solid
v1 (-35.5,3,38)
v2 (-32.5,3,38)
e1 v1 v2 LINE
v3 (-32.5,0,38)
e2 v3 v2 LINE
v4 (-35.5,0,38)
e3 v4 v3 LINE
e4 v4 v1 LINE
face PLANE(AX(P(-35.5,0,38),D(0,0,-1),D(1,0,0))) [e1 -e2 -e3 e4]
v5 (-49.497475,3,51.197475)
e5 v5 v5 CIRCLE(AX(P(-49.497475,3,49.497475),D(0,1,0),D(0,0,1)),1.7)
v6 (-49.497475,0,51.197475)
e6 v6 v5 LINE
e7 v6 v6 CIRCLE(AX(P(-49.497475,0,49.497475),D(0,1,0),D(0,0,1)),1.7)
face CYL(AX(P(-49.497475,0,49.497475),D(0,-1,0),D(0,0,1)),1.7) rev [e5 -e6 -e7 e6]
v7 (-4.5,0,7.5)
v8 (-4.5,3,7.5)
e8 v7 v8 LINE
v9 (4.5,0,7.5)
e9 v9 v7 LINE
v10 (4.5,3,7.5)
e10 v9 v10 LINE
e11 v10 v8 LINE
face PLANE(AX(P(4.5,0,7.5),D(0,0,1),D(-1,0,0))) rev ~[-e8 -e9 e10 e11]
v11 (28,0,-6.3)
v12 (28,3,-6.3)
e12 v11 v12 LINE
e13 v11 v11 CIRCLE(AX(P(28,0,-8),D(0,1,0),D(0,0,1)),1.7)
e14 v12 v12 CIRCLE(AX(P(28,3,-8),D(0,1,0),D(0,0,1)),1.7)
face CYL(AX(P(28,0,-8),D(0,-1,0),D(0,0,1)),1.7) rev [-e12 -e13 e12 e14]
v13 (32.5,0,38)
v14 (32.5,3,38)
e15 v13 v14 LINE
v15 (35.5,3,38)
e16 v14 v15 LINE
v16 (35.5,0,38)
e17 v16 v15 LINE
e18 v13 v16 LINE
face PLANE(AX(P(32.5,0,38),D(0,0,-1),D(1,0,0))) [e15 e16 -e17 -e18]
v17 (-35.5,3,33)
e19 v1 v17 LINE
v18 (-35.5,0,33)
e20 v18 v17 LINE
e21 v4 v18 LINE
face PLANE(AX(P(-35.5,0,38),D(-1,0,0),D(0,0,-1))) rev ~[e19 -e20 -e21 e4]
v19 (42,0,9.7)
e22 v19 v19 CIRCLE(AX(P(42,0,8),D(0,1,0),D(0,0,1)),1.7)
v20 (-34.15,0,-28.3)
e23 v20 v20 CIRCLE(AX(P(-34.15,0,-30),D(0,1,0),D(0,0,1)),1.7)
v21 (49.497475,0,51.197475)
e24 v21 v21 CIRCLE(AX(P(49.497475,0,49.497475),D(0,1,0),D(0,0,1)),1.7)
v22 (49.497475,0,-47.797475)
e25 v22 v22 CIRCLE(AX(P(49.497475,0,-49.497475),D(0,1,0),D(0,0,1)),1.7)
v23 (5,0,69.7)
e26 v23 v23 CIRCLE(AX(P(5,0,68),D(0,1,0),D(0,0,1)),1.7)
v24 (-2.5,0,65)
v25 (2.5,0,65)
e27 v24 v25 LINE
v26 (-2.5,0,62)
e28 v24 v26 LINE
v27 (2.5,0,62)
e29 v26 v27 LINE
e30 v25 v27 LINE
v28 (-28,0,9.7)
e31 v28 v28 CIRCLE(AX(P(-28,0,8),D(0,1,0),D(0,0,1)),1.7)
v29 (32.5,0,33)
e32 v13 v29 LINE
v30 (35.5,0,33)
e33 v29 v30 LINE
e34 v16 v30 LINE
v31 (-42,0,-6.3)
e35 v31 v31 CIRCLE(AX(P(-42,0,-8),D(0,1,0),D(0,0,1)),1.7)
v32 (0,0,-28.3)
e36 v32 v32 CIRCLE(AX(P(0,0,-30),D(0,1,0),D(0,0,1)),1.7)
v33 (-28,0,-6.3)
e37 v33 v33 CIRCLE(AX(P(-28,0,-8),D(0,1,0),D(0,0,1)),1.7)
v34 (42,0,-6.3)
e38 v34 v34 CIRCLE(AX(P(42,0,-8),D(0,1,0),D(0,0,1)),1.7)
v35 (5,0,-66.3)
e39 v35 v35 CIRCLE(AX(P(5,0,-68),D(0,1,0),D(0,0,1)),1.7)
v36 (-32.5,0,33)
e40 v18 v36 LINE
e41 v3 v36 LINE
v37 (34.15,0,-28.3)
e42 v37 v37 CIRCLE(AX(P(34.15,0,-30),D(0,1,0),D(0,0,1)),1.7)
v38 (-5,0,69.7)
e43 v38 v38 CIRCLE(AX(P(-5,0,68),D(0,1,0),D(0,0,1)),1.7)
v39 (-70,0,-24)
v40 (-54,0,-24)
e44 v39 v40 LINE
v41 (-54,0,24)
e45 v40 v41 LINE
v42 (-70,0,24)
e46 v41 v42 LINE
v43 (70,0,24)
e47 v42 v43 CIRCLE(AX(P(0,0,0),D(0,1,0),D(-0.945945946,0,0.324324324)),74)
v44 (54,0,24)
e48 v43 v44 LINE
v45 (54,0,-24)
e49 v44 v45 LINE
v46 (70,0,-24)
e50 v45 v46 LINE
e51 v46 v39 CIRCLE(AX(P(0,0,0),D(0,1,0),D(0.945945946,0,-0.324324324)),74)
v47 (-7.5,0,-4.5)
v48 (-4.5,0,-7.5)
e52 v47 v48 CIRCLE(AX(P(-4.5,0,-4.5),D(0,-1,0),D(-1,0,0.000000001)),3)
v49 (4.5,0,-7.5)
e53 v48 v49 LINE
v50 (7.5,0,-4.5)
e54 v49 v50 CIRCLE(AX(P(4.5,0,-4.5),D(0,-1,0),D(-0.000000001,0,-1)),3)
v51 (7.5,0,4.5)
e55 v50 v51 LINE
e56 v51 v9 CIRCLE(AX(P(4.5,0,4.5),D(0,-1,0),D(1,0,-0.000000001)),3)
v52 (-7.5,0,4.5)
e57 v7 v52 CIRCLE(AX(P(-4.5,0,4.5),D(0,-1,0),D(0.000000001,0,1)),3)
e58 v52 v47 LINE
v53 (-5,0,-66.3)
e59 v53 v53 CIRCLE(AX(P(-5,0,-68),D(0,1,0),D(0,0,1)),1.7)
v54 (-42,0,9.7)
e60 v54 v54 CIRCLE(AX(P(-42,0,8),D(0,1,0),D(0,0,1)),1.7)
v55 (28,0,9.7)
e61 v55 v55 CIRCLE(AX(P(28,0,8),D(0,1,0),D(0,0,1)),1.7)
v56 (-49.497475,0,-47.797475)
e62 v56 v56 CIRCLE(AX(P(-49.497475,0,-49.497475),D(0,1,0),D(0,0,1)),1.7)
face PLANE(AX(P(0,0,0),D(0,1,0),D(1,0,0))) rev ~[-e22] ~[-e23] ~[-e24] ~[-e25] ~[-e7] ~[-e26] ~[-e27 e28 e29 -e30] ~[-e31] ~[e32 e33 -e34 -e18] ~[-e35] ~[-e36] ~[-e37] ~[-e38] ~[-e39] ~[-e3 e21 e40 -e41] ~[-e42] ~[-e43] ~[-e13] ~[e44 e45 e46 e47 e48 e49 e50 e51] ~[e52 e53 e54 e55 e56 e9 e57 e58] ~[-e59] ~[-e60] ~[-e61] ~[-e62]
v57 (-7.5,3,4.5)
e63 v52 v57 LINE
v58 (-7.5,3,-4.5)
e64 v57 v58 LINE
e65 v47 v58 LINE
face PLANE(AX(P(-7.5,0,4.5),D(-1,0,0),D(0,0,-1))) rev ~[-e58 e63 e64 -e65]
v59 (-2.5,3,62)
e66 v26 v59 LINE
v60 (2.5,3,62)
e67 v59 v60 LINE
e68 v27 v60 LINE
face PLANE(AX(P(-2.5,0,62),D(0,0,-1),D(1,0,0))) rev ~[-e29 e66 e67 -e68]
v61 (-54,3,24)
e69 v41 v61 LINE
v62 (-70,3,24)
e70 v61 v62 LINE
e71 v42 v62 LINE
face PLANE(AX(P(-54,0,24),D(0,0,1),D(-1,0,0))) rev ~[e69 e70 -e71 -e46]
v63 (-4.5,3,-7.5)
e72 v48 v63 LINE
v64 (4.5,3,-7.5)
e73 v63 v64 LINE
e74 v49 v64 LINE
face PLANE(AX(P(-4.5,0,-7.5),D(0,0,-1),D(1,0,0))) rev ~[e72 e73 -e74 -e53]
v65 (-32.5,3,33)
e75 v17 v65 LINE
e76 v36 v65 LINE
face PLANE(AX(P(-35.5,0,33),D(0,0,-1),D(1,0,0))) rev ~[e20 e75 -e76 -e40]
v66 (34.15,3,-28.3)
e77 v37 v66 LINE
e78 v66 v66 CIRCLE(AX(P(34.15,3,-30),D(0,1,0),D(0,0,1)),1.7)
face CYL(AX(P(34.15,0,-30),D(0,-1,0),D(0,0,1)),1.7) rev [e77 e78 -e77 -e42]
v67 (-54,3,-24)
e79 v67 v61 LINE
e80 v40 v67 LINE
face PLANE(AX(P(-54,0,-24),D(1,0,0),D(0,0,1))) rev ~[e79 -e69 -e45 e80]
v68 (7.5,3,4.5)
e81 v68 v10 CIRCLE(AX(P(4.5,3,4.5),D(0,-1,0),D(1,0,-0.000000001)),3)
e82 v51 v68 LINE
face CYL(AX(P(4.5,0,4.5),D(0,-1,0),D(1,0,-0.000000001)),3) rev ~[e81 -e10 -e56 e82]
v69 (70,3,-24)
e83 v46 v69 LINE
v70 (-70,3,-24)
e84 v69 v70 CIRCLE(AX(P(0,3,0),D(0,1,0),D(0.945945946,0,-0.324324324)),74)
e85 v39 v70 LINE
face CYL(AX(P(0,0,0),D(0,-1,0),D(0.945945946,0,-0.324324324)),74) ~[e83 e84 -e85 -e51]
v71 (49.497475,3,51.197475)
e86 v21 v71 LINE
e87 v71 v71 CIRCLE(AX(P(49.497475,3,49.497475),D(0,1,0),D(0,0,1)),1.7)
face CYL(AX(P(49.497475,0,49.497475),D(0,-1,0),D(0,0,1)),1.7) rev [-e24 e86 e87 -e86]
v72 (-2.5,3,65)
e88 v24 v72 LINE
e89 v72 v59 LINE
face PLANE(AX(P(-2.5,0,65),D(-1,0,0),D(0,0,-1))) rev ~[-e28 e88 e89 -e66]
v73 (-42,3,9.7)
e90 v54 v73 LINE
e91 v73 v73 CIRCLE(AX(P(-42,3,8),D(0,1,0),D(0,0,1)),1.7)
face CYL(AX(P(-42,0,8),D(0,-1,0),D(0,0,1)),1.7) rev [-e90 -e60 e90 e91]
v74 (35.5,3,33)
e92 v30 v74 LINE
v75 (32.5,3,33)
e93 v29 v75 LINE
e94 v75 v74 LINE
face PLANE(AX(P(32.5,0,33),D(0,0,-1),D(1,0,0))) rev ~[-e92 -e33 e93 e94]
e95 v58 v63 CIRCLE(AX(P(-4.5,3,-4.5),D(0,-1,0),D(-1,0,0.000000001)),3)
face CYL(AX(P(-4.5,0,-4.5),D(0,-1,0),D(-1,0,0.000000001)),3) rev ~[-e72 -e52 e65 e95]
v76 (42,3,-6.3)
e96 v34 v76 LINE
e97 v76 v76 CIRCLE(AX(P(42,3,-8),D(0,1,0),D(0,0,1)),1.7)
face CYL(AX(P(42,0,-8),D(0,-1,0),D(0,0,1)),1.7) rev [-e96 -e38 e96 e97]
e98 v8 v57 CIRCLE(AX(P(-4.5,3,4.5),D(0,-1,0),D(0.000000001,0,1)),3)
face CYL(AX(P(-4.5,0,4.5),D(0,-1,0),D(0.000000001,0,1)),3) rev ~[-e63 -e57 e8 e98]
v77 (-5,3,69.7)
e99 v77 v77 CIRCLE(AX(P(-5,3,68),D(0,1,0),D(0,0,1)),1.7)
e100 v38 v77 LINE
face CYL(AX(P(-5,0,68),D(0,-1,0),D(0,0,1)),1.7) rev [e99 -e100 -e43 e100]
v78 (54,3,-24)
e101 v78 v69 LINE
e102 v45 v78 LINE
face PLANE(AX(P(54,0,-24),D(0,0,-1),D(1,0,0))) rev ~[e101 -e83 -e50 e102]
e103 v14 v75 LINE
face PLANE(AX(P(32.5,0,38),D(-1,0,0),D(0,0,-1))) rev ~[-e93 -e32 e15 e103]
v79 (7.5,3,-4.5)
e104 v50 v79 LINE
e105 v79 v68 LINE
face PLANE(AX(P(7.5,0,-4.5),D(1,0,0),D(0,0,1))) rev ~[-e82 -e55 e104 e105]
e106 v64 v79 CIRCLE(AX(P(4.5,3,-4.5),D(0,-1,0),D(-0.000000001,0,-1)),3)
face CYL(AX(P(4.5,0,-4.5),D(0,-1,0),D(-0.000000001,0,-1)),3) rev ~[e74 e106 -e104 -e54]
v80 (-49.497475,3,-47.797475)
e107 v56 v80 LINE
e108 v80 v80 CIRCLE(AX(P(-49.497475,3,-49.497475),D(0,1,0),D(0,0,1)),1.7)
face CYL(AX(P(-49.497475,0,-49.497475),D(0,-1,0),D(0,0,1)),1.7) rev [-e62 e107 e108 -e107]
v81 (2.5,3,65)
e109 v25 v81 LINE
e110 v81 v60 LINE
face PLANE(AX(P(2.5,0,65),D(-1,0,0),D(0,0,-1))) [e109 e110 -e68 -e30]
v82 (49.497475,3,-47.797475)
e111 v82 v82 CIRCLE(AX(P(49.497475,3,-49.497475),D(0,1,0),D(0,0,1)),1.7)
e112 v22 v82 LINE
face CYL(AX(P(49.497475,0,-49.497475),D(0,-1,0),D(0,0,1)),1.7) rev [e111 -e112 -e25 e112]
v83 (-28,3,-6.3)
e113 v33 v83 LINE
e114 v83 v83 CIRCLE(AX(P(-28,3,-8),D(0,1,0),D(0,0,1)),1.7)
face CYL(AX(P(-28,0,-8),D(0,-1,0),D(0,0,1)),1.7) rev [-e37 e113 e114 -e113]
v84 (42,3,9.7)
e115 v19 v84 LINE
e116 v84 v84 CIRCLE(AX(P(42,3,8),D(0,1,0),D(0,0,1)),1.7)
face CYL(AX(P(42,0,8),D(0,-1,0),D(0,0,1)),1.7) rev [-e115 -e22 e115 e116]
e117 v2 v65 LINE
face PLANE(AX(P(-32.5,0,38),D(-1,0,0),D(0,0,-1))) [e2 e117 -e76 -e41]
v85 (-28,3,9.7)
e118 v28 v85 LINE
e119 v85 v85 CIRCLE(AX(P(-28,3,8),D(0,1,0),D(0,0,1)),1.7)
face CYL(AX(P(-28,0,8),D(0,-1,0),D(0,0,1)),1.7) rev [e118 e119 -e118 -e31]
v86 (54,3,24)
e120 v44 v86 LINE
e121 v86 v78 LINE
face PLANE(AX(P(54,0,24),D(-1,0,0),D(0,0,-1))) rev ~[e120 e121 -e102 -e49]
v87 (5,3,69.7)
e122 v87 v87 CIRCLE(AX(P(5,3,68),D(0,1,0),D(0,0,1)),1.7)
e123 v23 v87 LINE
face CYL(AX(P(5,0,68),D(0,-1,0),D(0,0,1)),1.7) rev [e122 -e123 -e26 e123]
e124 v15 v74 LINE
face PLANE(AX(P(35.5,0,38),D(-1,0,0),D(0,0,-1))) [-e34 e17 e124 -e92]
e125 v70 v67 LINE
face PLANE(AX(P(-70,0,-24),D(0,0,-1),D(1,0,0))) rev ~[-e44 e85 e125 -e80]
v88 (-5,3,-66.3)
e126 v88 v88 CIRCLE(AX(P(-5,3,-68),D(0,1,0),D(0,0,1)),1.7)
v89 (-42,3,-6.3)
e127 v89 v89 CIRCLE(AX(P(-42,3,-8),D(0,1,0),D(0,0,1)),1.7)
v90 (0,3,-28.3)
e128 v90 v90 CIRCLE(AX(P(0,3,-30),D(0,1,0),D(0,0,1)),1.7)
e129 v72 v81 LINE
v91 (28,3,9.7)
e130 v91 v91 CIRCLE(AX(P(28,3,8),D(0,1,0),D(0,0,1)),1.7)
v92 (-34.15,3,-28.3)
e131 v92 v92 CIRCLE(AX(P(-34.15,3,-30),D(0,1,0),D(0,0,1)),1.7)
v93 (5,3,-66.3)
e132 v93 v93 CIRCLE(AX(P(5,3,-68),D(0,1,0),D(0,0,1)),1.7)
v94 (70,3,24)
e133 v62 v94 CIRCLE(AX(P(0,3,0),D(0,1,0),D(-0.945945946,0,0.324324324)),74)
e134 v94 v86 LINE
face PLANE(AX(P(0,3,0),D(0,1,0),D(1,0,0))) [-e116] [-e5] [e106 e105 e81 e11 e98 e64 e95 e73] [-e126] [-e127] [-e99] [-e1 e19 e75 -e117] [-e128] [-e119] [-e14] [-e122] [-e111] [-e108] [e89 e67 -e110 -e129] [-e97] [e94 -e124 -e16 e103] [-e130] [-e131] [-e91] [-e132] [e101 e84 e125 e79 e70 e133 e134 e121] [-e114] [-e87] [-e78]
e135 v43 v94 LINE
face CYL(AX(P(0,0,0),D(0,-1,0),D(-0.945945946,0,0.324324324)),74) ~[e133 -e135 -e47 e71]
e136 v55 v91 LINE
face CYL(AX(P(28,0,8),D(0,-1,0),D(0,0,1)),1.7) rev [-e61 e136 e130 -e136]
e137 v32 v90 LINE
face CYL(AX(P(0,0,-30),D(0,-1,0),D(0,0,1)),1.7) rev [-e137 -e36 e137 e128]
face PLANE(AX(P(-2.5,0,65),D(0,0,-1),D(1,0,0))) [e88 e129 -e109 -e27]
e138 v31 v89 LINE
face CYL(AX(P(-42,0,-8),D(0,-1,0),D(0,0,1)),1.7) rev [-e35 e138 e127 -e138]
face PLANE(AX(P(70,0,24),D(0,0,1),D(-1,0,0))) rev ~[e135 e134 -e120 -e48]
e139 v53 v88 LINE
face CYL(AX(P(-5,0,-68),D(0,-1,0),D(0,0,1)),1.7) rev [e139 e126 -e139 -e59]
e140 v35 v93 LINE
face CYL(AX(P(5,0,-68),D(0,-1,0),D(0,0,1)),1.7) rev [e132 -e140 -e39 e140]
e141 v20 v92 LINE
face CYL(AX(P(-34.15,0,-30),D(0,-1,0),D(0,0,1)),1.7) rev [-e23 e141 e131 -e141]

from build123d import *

# Parameters (mm, degrees)
SKETCH_1_R      = 1.7
SKETCH_1_W      = 3
SKETCH_1_H      = 5
SKETCH_1_W_2    = 5
SKETCH_1_H_2    = 3
EXTRUDE_1_DEPTH = 3


with BuildPart() as part:
    # 草图1 → 凸台-拉伸1 (new body)
    with BuildSketch(Plane(origin=(0, 0, 0), x_dir=(1, 0, 0), z_dir=(0, 1, 0))):
        with BuildLine():
            Line((54, 24), (70, 24))
            ThreePointArc((70, 24), (0, 74), (-70, 24))
            Line((-70, 24), (-54, 24))
            Line((-54, 24), (-54, -24))
            Line((-54, -24), (-70, -24))
            ThreePointArc((-70, -24), (0, -74), (70, -24))
            Line((70, -24), (54, -24))
            Line((54, -24), (54, 24))
        make_face()
        with Locations(Location((-49.497474683, -49.497474683, 0), (0, 0, 270))):
            Circle(SKETCH_1_R, mode=Mode.SUBTRACT)
        with Locations(Location((-5, -68, 0), (0, 0, 270))):
            Circle(SKETCH_1_R, mode=Mode.SUBTRACT)
        with Locations(Location((-42, -8, 0), (0, 0, 270))):
            Circle(SKETCH_1_R, mode=Mode.SUBTRACT)
        with Locations((-34, -35.5)):
            Rectangle(SKETCH_1_W, SKETCH_1_H, mode=Mode.SUBTRACT)
        with Locations(Location((-28, -8, 0), (0, 0, 270))):
            Circle(SKETCH_1_R, mode=Mode.SUBTRACT)
        with Locations(Location((5, -68, 0), (0, 0, 270))):
            Circle(SKETCH_1_R, mode=Mode.SUBTRACT)
        with Locations((0, -63.5)):
            Rectangle(SKETCH_1_W_2, SKETCH_1_H_2, mode=Mode.SUBTRACT)
        with Locations(Location((49.497474683, -49.497474683, 0), (0, 0, 270))):
            Circle(SKETCH_1_R, mode=Mode.SUBTRACT)
        with Locations((34, -35.5)):
            Rectangle(SKETCH_1_W, SKETCH_1_H, mode=Mode.SUBTRACT)
        with Locations(Location((28, -8, 0), (0, 0, 270))):
            Circle(SKETCH_1_R, mode=Mode.SUBTRACT)
        with Locations(Location((42, -8, 0), (0, 0, 270))):
            Circle(SKETCH_1_R, mode=Mode.SUBTRACT)
        with Locations(Location((-42, 8, 0), (0, 0, 270))):
            Circle(SKETCH_1_R, mode=Mode.SUBTRACT)
        with Locations(Location((-28, 8, 0), (0, 0, 270))):
            Circle(SKETCH_1_R, mode=Mode.SUBTRACT)
        with Locations(Location((-34.15, 30, 0), (0, 0, 270))):
            Circle(SKETCH_1_R, mode=Mode.SUBTRACT)
        with Locations(Location((0, 30, 0), (0, 0, 270))):
            Circle(SKETCH_1_R, mode=Mode.SUBTRACT)
        with Locations(Location((-49.497474683, 49.497474683, 0), (0, 0, 270))):
            Circle(SKETCH_1_R, mode=Mode.SUBTRACT)
        with Locations(Location((-5, 68, 0), (0, 0, 270))):
            Circle(SKETCH_1_R, mode=Mode.SUBTRACT)
        with BuildLine():
            Line((4.5, -7.5), (-4.5, -7.5))
            ThreePointArc((-4.5, -7.5), (-6.621320344, -6.621320344), (-7.5, -4.5))
            Line((-7.5, -4.5), (-7.5, 4.5))
            ThreePointArc((-7.5, 4.5), (-6.621320344, 6.621320344), (-4.5, 7.5))
            Line((-4.5, 7.5), (4.5, 7.5))
            ThreePointArc((4.5, 7.5), (6.621320344, 6.621320344), (7.5, 4.5))
            Line((7.5, 4.5), (7.5, -4.5))
            ThreePointArc((7.5, -4.5), (6.621320344, -6.621320344), (4.5, -7.5))
        make_face(mode=Mode.SUBTRACT)
        with Locations(Location((28, 8, 0), (0, 0, 270))):
            Circle(SKETCH_1_R, mode=Mode.SUBTRACT)
        with Locations(Location((34.15, 30, 0), (0, 0, 270))):
            Circle(SKETCH_1_R, mode=Mode.SUBTRACT)
        with Locations(Location((42, 8, 0), (0, 0, 270))):
            Circle(SKETCH_1_R, mode=Mode.SUBTRACT)
        with Locations(Location((5, 68, 0), (0, 0, 270))):
            Circle(SKETCH_1_R, mode=Mode.SUBTRACT)
        with Locations(Location((49.497474683, 49.497474683, 0), (0, 0, 270))):
            Circle(SKETCH_1_R, mode=Mode.SUBTRACT)
    extrude(amount=EXTRUDE_1_DEPTH)


solid = part.part
